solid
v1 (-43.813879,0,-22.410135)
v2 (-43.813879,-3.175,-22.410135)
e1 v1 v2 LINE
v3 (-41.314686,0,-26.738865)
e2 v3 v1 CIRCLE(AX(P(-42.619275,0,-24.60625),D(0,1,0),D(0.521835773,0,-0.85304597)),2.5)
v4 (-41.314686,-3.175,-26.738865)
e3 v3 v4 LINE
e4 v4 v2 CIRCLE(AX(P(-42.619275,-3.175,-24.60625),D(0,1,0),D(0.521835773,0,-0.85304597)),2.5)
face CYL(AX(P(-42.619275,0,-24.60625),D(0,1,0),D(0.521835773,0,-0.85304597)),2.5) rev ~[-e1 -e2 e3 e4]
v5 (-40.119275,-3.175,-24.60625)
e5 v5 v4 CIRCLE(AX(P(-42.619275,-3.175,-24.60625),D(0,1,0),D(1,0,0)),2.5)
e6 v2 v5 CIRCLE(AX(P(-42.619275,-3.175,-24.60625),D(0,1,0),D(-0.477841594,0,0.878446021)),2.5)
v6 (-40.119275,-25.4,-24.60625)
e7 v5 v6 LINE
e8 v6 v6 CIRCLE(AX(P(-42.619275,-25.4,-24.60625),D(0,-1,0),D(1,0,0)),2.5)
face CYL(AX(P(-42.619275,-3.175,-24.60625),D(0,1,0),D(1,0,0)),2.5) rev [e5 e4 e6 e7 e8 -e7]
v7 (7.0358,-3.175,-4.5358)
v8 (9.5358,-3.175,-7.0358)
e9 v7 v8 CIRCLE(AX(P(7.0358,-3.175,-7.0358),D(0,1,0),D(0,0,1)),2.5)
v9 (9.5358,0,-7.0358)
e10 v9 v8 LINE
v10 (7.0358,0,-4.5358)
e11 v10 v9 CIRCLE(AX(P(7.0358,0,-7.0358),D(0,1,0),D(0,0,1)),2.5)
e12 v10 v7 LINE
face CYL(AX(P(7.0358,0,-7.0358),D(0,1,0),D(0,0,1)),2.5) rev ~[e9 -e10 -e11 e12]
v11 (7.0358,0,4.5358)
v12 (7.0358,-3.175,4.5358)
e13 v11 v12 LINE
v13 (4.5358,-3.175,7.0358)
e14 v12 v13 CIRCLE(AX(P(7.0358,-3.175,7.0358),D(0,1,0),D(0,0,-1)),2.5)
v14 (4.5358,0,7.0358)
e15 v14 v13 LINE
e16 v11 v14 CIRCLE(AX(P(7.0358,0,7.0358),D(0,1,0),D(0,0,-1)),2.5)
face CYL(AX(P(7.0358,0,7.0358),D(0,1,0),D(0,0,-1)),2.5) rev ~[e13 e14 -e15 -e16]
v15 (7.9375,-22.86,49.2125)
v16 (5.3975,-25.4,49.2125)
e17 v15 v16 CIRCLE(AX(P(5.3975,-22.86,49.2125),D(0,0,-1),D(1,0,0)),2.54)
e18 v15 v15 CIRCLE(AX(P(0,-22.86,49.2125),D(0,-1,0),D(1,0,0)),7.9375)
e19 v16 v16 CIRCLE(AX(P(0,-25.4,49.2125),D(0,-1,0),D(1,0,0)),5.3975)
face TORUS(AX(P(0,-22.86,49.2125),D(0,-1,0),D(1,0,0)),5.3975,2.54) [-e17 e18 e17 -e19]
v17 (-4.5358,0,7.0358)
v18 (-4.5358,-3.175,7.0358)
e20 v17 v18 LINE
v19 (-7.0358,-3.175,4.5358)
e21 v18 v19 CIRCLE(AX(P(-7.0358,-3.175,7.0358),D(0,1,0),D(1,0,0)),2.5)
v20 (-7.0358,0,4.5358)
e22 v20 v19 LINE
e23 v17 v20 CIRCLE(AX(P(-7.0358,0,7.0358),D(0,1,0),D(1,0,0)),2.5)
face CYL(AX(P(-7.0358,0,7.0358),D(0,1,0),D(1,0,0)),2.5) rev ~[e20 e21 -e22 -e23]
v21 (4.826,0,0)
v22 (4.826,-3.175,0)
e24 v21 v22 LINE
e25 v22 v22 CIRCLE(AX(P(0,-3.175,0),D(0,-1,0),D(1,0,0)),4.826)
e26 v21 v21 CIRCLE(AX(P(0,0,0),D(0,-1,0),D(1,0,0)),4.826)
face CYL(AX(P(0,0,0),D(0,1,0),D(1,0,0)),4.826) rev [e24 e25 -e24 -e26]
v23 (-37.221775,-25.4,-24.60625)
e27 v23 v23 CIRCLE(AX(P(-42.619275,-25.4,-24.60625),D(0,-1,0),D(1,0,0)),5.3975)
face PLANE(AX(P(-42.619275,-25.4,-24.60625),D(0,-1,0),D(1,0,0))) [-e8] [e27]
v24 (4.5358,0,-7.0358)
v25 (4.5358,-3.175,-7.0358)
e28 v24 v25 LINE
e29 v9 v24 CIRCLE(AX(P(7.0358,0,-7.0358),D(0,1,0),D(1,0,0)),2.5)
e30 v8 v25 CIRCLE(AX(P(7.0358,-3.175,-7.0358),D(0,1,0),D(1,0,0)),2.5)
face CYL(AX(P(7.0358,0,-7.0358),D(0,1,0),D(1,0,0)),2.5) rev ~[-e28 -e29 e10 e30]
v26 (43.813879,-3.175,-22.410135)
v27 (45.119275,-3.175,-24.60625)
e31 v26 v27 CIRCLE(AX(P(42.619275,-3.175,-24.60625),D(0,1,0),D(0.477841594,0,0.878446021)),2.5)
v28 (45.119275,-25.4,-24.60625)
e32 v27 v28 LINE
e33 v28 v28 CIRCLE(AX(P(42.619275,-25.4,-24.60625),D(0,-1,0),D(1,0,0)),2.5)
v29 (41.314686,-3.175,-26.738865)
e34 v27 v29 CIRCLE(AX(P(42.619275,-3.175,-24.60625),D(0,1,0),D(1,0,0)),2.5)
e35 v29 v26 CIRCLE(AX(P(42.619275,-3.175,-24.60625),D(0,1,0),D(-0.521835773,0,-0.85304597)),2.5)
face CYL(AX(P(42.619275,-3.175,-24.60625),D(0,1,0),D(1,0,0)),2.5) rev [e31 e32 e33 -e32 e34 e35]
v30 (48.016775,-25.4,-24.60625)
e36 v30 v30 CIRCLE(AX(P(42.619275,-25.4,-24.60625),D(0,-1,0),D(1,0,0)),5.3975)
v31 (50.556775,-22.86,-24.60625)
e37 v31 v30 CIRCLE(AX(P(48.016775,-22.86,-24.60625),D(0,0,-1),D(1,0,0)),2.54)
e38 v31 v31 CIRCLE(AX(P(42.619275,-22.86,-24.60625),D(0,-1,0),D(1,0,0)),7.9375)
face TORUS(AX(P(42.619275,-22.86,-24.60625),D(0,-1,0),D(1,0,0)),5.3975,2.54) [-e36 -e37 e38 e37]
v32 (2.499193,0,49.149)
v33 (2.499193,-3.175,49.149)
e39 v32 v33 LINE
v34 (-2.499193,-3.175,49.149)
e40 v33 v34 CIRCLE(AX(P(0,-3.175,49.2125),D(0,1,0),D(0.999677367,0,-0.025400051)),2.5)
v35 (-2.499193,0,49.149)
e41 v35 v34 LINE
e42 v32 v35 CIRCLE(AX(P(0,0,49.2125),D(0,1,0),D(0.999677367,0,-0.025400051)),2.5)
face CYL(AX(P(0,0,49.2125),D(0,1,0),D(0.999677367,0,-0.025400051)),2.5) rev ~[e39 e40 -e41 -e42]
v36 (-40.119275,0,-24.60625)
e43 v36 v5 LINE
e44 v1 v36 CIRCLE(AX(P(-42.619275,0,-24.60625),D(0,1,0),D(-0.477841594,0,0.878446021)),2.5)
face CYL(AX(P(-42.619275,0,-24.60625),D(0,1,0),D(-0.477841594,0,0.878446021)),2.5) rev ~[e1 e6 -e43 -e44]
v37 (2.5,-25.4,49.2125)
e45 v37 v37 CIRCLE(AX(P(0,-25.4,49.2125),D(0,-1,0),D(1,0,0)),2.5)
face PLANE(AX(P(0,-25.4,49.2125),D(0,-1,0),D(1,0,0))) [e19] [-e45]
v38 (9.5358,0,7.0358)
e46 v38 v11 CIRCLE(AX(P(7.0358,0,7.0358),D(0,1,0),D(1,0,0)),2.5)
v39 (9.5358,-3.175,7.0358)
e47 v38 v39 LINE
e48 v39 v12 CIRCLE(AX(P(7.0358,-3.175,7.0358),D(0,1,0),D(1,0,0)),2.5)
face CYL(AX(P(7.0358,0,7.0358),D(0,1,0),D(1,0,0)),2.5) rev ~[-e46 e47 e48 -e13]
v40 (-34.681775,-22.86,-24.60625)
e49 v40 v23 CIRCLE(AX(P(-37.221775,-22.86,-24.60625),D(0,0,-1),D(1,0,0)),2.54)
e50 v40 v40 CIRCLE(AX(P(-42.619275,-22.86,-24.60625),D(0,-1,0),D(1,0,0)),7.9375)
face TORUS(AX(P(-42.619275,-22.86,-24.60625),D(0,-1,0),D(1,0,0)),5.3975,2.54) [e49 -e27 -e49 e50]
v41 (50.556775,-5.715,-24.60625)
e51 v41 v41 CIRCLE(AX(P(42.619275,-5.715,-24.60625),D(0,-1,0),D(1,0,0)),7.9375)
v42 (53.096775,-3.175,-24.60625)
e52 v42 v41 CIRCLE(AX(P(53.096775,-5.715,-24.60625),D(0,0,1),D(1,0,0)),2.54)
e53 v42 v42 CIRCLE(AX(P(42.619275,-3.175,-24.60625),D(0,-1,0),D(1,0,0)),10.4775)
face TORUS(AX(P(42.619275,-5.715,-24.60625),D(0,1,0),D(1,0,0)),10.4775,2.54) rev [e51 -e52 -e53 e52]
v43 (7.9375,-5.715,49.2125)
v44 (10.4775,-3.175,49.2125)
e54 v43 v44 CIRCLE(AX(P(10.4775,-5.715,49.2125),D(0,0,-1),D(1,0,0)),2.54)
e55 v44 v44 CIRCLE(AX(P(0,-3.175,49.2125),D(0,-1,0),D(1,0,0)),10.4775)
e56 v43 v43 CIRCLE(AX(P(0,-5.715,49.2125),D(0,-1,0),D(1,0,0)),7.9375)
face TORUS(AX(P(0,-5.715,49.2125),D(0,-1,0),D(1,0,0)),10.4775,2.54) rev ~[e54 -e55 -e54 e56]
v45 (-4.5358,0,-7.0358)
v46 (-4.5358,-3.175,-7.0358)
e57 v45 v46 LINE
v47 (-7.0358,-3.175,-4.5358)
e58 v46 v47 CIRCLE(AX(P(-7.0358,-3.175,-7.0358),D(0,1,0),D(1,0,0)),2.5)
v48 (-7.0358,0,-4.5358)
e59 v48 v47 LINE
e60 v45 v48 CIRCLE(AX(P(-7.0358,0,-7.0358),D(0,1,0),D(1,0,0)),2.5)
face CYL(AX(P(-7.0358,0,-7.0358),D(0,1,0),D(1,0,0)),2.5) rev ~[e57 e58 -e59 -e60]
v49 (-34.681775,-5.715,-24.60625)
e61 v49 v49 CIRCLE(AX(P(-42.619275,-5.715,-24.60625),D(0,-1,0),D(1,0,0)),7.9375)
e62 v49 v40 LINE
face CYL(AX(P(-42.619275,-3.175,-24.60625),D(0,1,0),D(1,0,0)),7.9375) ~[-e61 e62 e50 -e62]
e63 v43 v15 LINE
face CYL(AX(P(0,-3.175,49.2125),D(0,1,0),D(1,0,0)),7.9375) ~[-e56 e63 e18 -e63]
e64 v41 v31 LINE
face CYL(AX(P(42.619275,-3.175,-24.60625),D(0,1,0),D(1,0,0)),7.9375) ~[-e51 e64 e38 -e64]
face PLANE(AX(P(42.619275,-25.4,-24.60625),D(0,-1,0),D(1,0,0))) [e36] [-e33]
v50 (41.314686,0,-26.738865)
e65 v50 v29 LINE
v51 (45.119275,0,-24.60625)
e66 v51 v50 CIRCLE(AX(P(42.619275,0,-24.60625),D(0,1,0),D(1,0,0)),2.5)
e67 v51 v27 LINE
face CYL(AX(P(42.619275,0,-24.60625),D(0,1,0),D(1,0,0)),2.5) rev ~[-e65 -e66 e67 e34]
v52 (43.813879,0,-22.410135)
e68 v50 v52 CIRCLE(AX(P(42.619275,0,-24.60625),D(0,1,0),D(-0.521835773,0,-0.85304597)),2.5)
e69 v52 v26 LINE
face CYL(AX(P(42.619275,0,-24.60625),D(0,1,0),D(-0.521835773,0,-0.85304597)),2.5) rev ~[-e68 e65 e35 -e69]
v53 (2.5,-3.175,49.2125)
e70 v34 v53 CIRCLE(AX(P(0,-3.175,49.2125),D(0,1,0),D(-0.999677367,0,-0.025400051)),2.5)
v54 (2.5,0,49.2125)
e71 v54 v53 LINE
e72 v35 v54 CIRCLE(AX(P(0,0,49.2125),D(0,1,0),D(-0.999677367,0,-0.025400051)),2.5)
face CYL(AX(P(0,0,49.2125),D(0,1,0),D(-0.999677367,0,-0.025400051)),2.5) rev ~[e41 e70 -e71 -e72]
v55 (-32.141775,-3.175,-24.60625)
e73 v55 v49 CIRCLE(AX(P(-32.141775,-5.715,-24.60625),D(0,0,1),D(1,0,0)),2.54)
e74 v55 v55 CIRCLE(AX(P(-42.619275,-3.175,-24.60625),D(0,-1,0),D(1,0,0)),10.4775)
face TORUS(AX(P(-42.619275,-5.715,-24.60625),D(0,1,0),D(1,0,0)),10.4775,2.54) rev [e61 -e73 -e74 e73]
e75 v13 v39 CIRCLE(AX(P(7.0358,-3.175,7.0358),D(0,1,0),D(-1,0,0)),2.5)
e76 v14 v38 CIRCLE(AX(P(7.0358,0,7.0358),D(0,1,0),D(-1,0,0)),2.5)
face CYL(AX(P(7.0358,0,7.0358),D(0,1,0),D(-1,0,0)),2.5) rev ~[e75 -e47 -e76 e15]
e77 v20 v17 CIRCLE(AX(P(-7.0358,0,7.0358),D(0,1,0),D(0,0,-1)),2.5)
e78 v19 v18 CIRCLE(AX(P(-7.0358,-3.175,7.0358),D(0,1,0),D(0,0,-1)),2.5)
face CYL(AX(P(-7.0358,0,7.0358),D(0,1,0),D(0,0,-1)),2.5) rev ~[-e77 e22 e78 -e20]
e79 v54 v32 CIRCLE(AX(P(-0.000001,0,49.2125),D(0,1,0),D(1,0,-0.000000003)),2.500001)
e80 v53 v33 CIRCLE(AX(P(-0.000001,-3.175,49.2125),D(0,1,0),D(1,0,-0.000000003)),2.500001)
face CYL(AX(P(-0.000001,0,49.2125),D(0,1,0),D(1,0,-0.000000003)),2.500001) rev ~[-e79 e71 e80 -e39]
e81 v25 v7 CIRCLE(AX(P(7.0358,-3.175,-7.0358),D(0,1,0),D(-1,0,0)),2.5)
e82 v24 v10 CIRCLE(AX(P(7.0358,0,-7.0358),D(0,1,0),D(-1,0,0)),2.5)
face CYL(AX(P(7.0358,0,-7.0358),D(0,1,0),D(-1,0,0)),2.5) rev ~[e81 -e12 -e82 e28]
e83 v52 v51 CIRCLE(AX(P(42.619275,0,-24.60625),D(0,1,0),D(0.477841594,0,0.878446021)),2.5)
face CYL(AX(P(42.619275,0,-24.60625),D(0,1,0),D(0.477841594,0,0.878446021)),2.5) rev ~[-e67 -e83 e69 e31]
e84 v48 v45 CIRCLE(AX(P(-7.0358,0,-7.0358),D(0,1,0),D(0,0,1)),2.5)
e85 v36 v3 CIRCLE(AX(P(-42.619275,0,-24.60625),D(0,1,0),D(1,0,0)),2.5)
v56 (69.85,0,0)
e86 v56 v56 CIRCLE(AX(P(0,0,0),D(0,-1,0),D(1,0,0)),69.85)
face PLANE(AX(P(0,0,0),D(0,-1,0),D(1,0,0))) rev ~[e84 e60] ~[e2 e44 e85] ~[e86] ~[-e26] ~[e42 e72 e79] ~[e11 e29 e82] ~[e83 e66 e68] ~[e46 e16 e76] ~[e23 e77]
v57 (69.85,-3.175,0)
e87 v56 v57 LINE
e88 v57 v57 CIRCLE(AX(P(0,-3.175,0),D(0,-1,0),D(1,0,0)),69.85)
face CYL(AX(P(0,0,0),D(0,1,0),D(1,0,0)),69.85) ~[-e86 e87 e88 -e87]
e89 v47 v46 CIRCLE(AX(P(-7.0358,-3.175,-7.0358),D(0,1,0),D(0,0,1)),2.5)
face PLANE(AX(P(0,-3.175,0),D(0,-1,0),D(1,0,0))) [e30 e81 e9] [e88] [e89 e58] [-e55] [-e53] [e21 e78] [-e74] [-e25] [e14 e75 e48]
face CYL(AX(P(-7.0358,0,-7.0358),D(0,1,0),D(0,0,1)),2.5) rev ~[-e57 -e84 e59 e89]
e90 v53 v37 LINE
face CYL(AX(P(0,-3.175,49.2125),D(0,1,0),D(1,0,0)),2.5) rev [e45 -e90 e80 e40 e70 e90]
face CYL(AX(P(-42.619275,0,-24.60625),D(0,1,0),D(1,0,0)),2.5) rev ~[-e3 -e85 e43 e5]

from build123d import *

# Parameters (mm, degrees)
F0_R     = 69.85
F0_R_2   = 4.826
F1_DEPTH = 3.175
F2_R     = 7.9375
F2_R_2   = 2.5
F3_DEPTH = 22.225
F4_R     = 2.54


with BuildPart() as f1:
    # F0 (on Front) → F1 (new body)
    with BuildSketch(Plane.XZ):
        Circle(F0_R)
        with BuildLine():
            ThreePointArc((2.4991934167, 49.148999873), (35.6711487919, 33.9033818389), (49.2125, 0))
            ThreePointArc((49.2125, 0), (47.8438119554, -11.5256155508), (43.8138791689, -22.4101349487))
            ThreePointArc((43.8138791689, -22.4101349487), (44.7682877434, -23.3288522473), (45.1192751837, -24.60625))
            ThreePointArc((45.1192751837, -24.60625), (43.8416757771, -26.7870151844), (41.3146857523, -26.7388649243))
            ThreePointArc((41.3146857523, -26.7388649243), (0, -49.2125), (-41.3146857523, -26.7388649243))
            ThreePointArc((-41.3146857523, -26.7388649243), (-44.7843386932, -25.85625), (-43.8138791689, -22.4101349487))
            ThreePointArc((-43.8138791689, -22.4101349487), (-42.6192751837, 24.60625), (-2.4991934167, 49.148999873))
            ThreePointArc((-2.4991934167, 49.148999873), (-0.0317526247, 51.712298346), (2.5, 49.2125))
            ThreePointArc((2.5, 49.2125), (2.499798346, 49.1807473753), (2.4991934167, 49.148999873))
        make_face(mode=Mode.SUBTRACT)
        with BuildLine():
            ThreePointArc((43.8138791689, -22.4101349487), (47.8438119554, -11.5256155508), (49.2125, 0))
            ThreePointArc((49.2125, 0), (35.6711487919, 33.9033818389), (2.4991934167, 49.148999873))
            ThreePointArc((2.4991934167, 49.148999873), (0, 46.7125), (-2.4991934167, 49.148999873))
            ThreePointArc((-2.4991934167, 49.148999873), (-42.6192751837, 24.60625), (-43.8138791689, -22.4101349487))
            ThreePointArc((-43.8138791689, -22.4101349487), (-41.3418774311, -22.4572374404), (-40.1192751837, -24.60625))
            ThreePointArc((-40.1192751837, -24.60625), (-40.4385099994, -25.8286505934), (-41.3146857523, -26.7388649243))
            ThreePointArc((-41.3146857523, -26.7388649243), (0, -49.2125), (41.3146857523, -26.7388649243))
            ThreePointArc((41.3146857523, -26.7388649243), (40.4542116743, -23.35625), (43.8138791689, -22.4101349487))
        make_face()
        with BuildLine():
            ThreePointArc((-7.0358, 4.5358), (-8.803566953, 8.803566953), (-4.5358, 7.0358))
            Line((-4.5358, 7.0358), (4.5358, 7.0358))
            ThreePointArc((4.5358, 7.0358), (7.0358, 9.5358), (9.5358, 7.0358))
            ThreePointArc((9.5358, 7.0358), (8.803566953, 5.268033047), (7.0358, 4.5358))
            Line((7.0358, 4.5358), (7.0358, -4.5358))
            ThreePointArc((7.0358, -4.5358), (8.803566953, -5.268033047), (9.5358, -7.0358))
            ThreePointArc((9.5358, -7.0358), (7.0358, -9.5358), (4.5358, -7.0358))
            Line((4.5358, -7.0358), (-4.5358, -7.0358))
            ThreePointArc((-4.5358, -7.0358), (-8.803566953, -8.803566953), (-7.0358, -4.5358))
            Line((-7.0358, -4.5358), (-7.0358, 4.5358))
        make_face(mode=Mode.SUBTRACT)
        with BuildLine():
            Line((4.5358, 7.0358), (-4.5358, 7.0358))
            ThreePointArc((-4.5358, 7.0358), (-5.268033047, 5.268033047), (-7.0358, 4.5358))
            Line((-7.0358, 4.5358), (-7.0358, -4.5358))
            ThreePointArc((-7.0358, -4.5358), (-5.268033047, -5.268033047), (-4.5358, -7.0358))
            Line((-4.5358, -7.0358), (4.5358, -7.0358))
            ThreePointArc((4.5358, -7.0358), (5.268033047, -5.268033047), (7.0358, -4.5358))
            Line((7.0358, -4.5358), (7.0358, 4.5358))
            ThreePointArc((7.0358, 4.5358), (5.268033047, 5.268033047), (4.5358, 7.0358))
        make_face()
        Circle(F0_R_2, mode=Mode.SUBTRACT)
    extrude(amount=F1_DEPTH)

    # F2 (on face) → F3 (join)
    with BuildSketch(Plane.XZ.offset(3.175)):
        with Locations((0, 49.2125)):
            Circle(F2_R)
        with Locations((0, 49.2125)):
            Circle(F2_R_2, mode=Mode.SUBTRACT)
        with Locations((-42.6192751837, -24.60625)):
            Circle(F2_R)
        with Locations((-42.6192751837, -24.60625)):
            Circle(F2_R_2, mode=Mode.SUBTRACT)
        with Locations((42.6192751837, -24.60625)):
            Circle(F2_R)
        with Locations((42.6192751837, -24.60625)):
            Circle(F2_R_2, mode=Mode.SUBTRACT)
    extrude(amount=F3_DEPTH)

    # F4
    f4_edges = [f1.edges().sort_by_distance(p)[0] for p in [
        (-7.9375, -3.175, 49.2125),
        (34.681775, -3.175, -24.60625),
        (-50.556775, -3.175, -24.60625),
        (-7.9375, -25.4, 49.2125),
        (34.681775, -25.4, -24.60625),
        (-50.556775, -25.4, -24.60625),
    ]]
    fillet(f4_edges, radius=F4_R)


solid = f1.part
